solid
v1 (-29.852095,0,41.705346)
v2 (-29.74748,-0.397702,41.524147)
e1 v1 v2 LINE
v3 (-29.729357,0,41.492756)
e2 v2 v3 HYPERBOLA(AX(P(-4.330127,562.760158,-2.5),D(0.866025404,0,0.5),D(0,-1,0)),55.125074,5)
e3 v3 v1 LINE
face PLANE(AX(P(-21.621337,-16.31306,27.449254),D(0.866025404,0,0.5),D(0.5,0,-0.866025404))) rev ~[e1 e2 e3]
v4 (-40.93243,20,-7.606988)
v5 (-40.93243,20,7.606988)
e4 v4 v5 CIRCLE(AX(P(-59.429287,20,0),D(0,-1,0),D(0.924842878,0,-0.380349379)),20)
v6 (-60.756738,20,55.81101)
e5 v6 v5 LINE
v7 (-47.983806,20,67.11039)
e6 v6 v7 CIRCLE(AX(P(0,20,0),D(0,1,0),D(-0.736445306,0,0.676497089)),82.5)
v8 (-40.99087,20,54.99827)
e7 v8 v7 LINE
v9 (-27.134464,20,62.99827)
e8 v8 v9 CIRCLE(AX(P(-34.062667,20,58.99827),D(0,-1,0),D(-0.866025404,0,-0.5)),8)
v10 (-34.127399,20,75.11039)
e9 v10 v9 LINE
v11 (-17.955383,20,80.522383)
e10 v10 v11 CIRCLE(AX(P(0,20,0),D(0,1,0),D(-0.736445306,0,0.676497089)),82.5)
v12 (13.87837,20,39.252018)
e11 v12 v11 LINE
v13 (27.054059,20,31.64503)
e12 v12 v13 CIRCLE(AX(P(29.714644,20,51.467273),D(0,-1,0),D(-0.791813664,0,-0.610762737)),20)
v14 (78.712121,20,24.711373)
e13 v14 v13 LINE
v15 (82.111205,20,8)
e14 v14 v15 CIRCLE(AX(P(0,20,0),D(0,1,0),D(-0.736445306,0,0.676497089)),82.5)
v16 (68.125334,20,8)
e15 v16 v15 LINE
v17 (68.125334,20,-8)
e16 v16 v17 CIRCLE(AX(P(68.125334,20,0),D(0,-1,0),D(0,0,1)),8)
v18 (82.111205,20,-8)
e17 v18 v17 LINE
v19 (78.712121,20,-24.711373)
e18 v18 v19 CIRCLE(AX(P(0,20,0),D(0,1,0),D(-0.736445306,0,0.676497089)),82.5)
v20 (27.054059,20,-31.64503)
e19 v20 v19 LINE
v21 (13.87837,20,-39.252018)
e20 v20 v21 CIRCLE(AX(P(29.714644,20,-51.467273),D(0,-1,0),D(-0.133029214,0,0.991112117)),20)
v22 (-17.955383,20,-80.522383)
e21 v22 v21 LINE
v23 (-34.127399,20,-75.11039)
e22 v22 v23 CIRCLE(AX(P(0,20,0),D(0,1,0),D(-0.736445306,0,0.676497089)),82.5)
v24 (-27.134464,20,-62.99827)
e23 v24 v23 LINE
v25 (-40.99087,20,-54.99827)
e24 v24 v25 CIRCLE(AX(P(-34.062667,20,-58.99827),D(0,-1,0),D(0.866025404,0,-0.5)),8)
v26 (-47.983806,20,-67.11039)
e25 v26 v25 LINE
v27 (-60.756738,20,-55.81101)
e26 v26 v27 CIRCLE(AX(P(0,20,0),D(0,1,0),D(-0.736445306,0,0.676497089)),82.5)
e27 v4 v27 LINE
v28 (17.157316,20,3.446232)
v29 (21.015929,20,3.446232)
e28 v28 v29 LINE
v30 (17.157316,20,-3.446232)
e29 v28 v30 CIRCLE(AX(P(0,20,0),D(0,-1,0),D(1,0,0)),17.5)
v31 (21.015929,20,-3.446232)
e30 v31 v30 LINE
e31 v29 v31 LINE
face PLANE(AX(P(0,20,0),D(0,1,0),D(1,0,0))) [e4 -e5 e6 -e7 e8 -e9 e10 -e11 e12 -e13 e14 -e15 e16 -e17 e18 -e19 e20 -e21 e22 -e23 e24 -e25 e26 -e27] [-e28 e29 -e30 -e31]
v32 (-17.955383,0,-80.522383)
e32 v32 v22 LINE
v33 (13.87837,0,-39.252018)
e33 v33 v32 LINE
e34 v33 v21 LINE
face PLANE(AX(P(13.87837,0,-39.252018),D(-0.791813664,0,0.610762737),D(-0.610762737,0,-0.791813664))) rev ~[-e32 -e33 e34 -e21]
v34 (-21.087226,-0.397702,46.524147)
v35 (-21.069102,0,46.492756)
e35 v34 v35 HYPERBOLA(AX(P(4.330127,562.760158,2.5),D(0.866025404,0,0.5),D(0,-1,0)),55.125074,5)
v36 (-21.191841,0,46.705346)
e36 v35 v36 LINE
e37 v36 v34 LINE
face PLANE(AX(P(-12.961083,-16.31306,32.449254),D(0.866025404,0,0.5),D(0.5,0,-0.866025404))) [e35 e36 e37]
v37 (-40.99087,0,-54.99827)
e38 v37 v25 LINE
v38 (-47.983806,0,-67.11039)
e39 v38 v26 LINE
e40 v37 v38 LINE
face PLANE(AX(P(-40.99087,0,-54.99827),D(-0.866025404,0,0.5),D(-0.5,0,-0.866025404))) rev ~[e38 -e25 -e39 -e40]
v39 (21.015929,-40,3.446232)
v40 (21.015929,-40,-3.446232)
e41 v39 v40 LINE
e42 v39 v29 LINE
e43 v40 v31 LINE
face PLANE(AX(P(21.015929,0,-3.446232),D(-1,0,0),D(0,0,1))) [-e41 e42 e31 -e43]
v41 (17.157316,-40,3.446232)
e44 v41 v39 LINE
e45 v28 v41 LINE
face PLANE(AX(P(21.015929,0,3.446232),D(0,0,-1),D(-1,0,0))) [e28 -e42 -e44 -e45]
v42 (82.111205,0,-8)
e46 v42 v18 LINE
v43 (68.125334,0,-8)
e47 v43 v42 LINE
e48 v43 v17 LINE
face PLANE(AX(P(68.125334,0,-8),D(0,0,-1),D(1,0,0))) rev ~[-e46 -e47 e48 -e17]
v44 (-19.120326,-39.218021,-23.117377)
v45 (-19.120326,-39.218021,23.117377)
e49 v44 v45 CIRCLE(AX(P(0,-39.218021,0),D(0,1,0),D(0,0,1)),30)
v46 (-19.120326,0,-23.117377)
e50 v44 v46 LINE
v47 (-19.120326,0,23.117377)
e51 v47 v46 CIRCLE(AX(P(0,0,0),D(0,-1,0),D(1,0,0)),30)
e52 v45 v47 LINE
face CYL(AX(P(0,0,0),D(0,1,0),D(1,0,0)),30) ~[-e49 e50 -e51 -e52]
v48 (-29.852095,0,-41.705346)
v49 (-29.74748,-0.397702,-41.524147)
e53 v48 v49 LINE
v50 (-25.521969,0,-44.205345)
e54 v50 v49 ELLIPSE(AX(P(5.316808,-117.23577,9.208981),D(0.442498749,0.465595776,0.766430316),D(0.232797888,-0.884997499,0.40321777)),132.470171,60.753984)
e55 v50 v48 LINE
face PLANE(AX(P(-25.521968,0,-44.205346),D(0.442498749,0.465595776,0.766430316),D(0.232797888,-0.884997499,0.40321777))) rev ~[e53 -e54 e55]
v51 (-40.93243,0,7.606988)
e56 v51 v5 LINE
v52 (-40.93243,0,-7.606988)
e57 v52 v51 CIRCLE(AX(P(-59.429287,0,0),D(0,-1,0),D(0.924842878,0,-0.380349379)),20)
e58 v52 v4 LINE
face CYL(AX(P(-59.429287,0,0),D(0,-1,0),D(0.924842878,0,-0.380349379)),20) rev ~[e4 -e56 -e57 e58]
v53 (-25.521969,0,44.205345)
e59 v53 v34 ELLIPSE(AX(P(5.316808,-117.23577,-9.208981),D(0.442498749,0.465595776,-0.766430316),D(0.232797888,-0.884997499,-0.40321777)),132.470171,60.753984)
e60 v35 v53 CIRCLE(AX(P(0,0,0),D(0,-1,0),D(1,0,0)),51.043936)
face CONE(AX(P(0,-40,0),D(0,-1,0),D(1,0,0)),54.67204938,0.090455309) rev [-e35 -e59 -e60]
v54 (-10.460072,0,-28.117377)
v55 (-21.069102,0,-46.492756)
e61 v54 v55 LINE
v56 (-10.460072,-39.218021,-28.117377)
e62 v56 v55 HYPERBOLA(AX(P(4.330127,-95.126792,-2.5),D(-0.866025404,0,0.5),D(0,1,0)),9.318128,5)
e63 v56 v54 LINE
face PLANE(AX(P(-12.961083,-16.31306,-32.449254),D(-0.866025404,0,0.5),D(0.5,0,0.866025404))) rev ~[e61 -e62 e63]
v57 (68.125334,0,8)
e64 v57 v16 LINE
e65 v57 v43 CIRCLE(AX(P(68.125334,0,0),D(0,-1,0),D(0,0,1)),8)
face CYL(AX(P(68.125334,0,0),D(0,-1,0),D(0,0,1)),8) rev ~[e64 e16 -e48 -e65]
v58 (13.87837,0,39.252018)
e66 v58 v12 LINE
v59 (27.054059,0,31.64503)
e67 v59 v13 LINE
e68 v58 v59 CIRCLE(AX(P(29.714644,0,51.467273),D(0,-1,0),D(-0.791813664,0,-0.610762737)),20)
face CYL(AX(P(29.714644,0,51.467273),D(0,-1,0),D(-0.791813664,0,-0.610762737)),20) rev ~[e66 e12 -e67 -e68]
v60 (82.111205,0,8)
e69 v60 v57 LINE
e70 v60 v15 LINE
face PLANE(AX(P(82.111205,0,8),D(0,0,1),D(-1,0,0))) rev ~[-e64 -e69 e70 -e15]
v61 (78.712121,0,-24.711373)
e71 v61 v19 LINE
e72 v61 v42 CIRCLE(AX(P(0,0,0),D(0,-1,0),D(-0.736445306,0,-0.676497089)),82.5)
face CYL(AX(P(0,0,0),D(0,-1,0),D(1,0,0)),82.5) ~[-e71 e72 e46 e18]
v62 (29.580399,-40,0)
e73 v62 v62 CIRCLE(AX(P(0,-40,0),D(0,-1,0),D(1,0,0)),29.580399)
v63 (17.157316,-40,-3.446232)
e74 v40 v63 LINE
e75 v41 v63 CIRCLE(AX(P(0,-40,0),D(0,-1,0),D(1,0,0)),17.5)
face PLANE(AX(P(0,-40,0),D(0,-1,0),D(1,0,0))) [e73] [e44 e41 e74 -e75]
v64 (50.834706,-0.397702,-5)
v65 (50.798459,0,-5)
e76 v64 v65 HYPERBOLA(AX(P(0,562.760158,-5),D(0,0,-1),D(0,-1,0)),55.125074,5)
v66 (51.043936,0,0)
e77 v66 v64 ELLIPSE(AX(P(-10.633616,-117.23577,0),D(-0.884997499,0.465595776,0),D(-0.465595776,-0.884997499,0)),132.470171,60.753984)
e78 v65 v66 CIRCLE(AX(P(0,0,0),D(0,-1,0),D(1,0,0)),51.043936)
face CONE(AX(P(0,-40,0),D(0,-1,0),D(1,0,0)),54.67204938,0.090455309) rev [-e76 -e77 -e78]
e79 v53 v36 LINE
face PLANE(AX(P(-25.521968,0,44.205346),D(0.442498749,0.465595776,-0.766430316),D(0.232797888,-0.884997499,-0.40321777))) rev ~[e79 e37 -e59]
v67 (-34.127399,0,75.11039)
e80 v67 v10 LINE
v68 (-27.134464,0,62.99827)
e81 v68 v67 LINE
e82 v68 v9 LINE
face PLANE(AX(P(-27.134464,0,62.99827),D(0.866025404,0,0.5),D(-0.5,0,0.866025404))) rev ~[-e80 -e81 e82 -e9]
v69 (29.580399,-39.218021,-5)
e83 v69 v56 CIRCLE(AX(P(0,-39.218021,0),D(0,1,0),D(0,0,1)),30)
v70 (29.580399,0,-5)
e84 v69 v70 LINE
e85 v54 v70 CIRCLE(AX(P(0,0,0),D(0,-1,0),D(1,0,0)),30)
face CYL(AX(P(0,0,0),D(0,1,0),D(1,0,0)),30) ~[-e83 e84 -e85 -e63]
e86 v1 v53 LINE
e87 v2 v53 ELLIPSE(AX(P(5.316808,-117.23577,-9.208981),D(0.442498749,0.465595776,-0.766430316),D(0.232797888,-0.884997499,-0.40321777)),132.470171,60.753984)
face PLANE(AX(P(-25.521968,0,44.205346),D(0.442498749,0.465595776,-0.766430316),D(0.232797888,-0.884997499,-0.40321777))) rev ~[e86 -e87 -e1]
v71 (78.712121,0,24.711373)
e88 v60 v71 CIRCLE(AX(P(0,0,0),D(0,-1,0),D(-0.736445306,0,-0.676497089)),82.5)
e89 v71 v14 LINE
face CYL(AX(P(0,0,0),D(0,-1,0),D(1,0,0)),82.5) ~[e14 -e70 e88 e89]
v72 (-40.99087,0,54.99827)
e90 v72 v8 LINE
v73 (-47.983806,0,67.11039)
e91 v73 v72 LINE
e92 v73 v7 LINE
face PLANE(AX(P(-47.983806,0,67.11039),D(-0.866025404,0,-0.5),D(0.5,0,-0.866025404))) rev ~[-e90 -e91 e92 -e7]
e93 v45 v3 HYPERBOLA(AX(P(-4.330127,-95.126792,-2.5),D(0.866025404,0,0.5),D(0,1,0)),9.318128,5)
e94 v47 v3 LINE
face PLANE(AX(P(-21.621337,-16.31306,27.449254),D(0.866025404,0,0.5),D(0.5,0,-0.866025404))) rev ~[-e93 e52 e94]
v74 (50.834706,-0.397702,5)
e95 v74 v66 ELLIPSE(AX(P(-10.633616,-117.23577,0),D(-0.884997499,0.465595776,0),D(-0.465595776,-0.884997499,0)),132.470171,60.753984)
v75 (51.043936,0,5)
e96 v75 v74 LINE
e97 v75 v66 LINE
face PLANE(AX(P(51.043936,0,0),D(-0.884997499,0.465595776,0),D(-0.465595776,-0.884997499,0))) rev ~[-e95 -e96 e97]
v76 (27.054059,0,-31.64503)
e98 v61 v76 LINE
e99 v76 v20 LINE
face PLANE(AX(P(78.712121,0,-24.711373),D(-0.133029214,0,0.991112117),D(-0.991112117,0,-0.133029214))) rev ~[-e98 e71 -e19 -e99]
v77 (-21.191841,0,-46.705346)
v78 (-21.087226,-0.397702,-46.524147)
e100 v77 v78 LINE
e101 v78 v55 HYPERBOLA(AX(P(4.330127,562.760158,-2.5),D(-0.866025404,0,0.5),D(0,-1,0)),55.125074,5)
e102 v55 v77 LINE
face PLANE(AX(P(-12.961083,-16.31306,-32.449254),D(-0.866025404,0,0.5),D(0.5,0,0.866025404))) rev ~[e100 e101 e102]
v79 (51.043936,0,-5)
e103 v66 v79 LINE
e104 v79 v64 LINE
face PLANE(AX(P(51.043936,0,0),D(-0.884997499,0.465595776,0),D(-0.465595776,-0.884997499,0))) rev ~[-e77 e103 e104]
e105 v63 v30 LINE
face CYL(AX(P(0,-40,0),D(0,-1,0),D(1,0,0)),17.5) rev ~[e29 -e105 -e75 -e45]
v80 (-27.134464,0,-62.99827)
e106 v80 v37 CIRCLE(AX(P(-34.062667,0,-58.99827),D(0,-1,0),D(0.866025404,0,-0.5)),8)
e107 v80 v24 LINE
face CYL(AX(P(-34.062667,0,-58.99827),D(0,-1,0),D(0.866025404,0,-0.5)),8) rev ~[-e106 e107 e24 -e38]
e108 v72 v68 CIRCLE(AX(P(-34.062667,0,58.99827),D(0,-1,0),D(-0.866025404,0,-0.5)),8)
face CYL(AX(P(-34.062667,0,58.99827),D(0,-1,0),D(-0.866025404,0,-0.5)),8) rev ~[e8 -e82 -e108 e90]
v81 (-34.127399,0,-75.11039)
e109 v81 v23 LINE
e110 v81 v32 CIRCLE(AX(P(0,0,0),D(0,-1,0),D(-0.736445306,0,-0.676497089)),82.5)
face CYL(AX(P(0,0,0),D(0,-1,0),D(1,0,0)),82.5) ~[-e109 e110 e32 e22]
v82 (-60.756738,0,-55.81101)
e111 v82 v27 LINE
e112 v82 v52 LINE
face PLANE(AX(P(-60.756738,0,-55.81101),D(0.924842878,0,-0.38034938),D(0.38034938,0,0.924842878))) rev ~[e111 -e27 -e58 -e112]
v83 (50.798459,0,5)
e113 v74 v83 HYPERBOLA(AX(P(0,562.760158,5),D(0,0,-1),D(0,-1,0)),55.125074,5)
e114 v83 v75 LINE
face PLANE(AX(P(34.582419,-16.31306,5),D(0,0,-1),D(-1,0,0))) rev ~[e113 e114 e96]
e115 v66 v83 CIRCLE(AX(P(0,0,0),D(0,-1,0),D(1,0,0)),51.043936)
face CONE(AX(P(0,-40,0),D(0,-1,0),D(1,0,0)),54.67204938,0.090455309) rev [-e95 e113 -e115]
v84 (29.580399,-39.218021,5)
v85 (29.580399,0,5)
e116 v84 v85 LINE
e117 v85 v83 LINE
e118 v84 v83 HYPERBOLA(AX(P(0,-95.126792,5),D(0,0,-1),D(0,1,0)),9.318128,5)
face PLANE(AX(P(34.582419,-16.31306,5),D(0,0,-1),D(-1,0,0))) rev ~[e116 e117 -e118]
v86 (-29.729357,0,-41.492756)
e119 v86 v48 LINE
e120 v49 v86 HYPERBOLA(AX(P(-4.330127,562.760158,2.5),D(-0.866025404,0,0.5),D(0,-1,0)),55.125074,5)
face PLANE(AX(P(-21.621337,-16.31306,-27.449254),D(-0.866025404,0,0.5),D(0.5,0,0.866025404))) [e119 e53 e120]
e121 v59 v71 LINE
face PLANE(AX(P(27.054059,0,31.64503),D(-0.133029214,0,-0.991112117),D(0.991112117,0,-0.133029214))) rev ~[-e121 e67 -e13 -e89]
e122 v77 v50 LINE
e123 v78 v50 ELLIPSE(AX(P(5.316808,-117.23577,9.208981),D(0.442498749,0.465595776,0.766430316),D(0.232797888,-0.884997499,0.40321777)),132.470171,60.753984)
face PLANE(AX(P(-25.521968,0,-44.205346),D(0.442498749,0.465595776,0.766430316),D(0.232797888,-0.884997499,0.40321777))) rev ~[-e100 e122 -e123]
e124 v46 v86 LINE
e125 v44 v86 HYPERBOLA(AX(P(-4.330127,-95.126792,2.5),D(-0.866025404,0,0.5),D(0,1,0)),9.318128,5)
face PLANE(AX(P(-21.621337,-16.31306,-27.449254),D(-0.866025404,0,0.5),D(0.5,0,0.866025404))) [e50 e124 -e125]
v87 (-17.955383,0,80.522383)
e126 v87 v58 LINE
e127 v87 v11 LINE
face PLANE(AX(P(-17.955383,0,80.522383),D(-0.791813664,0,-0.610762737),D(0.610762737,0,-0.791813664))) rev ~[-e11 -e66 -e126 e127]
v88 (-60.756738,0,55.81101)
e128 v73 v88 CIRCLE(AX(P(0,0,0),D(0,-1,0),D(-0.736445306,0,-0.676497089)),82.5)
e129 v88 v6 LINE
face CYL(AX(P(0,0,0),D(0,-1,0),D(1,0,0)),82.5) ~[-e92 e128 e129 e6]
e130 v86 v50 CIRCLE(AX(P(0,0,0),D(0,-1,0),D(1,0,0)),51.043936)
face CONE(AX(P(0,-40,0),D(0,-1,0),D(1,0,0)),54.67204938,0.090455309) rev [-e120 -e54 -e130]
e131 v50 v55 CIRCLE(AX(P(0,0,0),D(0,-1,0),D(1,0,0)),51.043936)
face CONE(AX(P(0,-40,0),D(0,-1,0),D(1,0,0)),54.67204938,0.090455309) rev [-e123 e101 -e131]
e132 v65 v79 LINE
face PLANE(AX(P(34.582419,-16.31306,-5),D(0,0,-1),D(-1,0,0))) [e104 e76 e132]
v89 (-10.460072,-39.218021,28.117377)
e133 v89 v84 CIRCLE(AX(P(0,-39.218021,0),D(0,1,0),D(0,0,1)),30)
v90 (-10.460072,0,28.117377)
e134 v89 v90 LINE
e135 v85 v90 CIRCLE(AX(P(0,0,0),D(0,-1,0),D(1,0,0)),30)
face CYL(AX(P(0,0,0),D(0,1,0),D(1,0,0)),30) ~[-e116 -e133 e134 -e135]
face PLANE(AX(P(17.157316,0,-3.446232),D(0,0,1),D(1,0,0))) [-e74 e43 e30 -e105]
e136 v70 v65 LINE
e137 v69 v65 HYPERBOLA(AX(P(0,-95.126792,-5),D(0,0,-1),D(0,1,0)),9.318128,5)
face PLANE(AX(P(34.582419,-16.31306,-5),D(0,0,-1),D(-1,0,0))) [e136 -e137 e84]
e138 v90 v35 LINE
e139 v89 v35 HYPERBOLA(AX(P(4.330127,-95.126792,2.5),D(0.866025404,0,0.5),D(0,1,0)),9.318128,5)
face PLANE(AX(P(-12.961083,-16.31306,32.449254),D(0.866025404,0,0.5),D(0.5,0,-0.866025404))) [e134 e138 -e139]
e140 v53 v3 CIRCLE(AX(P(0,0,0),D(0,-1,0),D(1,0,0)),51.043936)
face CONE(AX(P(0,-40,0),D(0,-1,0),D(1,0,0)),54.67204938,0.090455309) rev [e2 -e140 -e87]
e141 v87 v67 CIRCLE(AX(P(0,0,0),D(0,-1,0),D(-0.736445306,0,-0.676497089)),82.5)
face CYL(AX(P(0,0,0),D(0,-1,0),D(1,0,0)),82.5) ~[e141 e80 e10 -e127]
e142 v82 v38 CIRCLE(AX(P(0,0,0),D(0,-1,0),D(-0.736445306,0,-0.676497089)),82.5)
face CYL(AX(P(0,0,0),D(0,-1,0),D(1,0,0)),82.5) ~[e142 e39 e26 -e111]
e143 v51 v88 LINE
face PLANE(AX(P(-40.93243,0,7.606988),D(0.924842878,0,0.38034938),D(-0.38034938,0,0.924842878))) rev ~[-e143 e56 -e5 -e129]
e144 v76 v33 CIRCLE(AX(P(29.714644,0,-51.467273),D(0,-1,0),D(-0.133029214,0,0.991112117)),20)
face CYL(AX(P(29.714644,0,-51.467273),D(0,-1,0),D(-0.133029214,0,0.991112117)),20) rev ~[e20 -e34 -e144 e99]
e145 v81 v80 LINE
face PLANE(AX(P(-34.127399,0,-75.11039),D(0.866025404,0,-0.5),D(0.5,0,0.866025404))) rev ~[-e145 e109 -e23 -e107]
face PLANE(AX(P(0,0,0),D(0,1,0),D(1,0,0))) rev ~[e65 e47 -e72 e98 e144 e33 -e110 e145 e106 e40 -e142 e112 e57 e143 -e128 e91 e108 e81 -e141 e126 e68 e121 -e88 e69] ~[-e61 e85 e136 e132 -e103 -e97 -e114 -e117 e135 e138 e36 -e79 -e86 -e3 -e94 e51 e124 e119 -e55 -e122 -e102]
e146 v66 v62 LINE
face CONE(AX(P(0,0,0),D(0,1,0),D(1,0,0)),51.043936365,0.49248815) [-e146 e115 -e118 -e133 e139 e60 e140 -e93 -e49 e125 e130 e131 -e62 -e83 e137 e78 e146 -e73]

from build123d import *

# Parameters (mm, degrees)
SKETCH1_R                = 82.5
BOSS_EXTRUDE1_DEPTH      = 20
SKETCH2_R                = 30
BOSS_EXTRUDE2_DEPTH      = 40
SKETCH3_R                = 17.5
CUT_EXTRUDE1_DEPTH       = 61
BOSS_EXTRUDE3_DEPTH      = 5
CIRPATTERN4_COUNT        = 3
CUT_EXTRUDE13_DEPTH      = 21
CIRPATTERN5_COUNT        = 3
CUT_EXTRUDE14_DEPTH      = 21
CIRPATTERN6_COUNT        = 3
CUT_EXTRUDE15_DEPTH      = 21
CUT_EXTRUDE15_DEPTH_BACK = 41


with BuildPart() as part:
    # Sketch1 → Boss-Extrude1 (new body)
    with BuildSketch(Plane(origin=(0, 0, 0), x_dir=(1, 0, 0), z_dir=(0, 1, 0))):
        Circle(SKETCH1_R)
    extrude(amount=BOSS_EXTRUDE1_DEPTH)

    # Sketch2 → Boss-Extrude2 (add)
    with BuildSketch(Plane.XZ):
        Circle(SKETCH2_R)
    extrude(amount=BOSS_EXTRUDE2_DEPTH)

    # Sketch3 → Cut-Extrude1 (cut, through all)
    with BuildSketch(Plane.XZ.offset(40)):
        Circle(SKETCH3_R)
    extrude(amount=-CUT_EXTRUDE1_DEPTH, mode=Mode.SUBTRACT)

    # Sketch4 → Boss-Extrude3 (add, symmetric)
    with BuildSketch(Plane.XY):
        Polygon((26.043936365, 0), (51.043936365, 0), (30, -40), (26.043936365, -40), align=None)
    boss_extrude3 = extrude(amount=BOSS_EXTRUDE3_DEPTH, both=True)

    # CirPattern4: Boss-Extrude3 ×3 about axis
    cirpattern4_axis = Axis((0, 0, 0), (0, 1, 0))
    for i in range(1, CIRPATTERN4_COUNT):
        add(boss_extrude3.rotate(cirpattern4_axis, i * 360 / CIRPATTERN4_COUNT))

    # Sketch5 → Cut-Revolve1 (revolve, cut)
    with BuildSketch(Plane.XY):
        Polygon((51.043936365, 0), (29.580398915, -40), (54.67204938, -40), align=None)
    revolve(axis=Axis((0, 0, 0), (0, -1, 0)), mode=Mode.SUBTRACT)

    # Sketch10 → Cut-Extrude13 (cut, through all)
    with BuildSketch(Plane(origin=(0, 0, 0), x_dir=(1, 0, 0), z_dir=(0, 1, 0))):
        with BuildLine():
            ThreePointArc((-60.756737715, -55.811009866), (-82.5, 0), (-60.756737715, 55.811009866))
            Line((-60.756737715, 55.811009866), (-40.932429831, 7.606987591))
            ThreePointArc((-40.932429831, 7.606987591), (-39.429287397, 0), (-40.932429831, -7.606987591))
            Line((-40.932429831, -7.606987591), (-60.756737715, -55.811009866))
        make_face()
    cut_extrude13 = extrude(amount=CUT_EXTRUDE13_DEPTH, mode=Mode.SUBTRACT)

    # CirPattern5: Cut-Extrude13 ×3 about axis
    cirpattern5_axis = Axis((0, 0, 0), (0, 1, 0))
    for i in range(1, CIRPATTERN5_COUNT):
        add(cut_extrude13.rotate(cirpattern5_axis, i * 360 / CIRPATTERN5_COUNT), mode=Mode.SUBTRACT)

    # Sketch11 → Cut-Extrude14 (cut, through all)
    with BuildSketch(Plane(origin=(0, 0, 0), x_dir=(1, 0, 0), z_dir=(0, 1, 0))):
        with BuildLine():
            Line((68.125333986, 8), (82.111205082, 8))
            ThreePointArc((82.111205082, 8), (82.5, 0), (82.111205082, -8))
            Line((82.111205082, -8), (68.125333986, -8))
            ThreePointArc((68.125333986, -8), (60.125333986, 0), (68.125333986, 8))
        make_face()
    cut_extrude14 = extrude(amount=CUT_EXTRUDE14_DEPTH, mode=Mode.SUBTRACT)

    # CirPattern6: Cut-Extrude14 ×3 about axis
    cirpattern6_axis = Axis((0, 0, 0), (0, 1, 0))
    for i in range(1, CIRPATTERN6_COUNT):
        add(cut_extrude14.rotate(cirpattern6_axis, i * 360 / CIRPATTERN6_COUNT), mode=Mode.SUBTRACT)

    # Sketch13 → Cut-Extrude15 (cut, two sides)
    with BuildSketch(Plane(origin=(0, 0, 0), x_dir=(1, 0, 0), z_dir=(0, 1, 0))) as cut_extrude15_sk:
        with BuildLine():
            Line((17.15731582, 3.446231834), (21.015929185, 3.446231834))
            Line((21.015929185, 3.446231834), (21.015929185, -3.446231834))
            Line((21.015929185, -3.446231834), (17.15731582, -3.446231834))
            ThreePointArc((17.15731582, -3.446231834), (17.5, 0), (17.15731582, 3.446231834))
        make_face()
    extrude(amount=CUT_EXTRUDE15_DEPTH, mode=Mode.SUBTRACT)
    extrude(cut_extrude15_sk.sketch, amount=-CUT_EXTRUDE15_DEPTH_BACK, mode=Mode.SUBTRACT)


solid = part.part
